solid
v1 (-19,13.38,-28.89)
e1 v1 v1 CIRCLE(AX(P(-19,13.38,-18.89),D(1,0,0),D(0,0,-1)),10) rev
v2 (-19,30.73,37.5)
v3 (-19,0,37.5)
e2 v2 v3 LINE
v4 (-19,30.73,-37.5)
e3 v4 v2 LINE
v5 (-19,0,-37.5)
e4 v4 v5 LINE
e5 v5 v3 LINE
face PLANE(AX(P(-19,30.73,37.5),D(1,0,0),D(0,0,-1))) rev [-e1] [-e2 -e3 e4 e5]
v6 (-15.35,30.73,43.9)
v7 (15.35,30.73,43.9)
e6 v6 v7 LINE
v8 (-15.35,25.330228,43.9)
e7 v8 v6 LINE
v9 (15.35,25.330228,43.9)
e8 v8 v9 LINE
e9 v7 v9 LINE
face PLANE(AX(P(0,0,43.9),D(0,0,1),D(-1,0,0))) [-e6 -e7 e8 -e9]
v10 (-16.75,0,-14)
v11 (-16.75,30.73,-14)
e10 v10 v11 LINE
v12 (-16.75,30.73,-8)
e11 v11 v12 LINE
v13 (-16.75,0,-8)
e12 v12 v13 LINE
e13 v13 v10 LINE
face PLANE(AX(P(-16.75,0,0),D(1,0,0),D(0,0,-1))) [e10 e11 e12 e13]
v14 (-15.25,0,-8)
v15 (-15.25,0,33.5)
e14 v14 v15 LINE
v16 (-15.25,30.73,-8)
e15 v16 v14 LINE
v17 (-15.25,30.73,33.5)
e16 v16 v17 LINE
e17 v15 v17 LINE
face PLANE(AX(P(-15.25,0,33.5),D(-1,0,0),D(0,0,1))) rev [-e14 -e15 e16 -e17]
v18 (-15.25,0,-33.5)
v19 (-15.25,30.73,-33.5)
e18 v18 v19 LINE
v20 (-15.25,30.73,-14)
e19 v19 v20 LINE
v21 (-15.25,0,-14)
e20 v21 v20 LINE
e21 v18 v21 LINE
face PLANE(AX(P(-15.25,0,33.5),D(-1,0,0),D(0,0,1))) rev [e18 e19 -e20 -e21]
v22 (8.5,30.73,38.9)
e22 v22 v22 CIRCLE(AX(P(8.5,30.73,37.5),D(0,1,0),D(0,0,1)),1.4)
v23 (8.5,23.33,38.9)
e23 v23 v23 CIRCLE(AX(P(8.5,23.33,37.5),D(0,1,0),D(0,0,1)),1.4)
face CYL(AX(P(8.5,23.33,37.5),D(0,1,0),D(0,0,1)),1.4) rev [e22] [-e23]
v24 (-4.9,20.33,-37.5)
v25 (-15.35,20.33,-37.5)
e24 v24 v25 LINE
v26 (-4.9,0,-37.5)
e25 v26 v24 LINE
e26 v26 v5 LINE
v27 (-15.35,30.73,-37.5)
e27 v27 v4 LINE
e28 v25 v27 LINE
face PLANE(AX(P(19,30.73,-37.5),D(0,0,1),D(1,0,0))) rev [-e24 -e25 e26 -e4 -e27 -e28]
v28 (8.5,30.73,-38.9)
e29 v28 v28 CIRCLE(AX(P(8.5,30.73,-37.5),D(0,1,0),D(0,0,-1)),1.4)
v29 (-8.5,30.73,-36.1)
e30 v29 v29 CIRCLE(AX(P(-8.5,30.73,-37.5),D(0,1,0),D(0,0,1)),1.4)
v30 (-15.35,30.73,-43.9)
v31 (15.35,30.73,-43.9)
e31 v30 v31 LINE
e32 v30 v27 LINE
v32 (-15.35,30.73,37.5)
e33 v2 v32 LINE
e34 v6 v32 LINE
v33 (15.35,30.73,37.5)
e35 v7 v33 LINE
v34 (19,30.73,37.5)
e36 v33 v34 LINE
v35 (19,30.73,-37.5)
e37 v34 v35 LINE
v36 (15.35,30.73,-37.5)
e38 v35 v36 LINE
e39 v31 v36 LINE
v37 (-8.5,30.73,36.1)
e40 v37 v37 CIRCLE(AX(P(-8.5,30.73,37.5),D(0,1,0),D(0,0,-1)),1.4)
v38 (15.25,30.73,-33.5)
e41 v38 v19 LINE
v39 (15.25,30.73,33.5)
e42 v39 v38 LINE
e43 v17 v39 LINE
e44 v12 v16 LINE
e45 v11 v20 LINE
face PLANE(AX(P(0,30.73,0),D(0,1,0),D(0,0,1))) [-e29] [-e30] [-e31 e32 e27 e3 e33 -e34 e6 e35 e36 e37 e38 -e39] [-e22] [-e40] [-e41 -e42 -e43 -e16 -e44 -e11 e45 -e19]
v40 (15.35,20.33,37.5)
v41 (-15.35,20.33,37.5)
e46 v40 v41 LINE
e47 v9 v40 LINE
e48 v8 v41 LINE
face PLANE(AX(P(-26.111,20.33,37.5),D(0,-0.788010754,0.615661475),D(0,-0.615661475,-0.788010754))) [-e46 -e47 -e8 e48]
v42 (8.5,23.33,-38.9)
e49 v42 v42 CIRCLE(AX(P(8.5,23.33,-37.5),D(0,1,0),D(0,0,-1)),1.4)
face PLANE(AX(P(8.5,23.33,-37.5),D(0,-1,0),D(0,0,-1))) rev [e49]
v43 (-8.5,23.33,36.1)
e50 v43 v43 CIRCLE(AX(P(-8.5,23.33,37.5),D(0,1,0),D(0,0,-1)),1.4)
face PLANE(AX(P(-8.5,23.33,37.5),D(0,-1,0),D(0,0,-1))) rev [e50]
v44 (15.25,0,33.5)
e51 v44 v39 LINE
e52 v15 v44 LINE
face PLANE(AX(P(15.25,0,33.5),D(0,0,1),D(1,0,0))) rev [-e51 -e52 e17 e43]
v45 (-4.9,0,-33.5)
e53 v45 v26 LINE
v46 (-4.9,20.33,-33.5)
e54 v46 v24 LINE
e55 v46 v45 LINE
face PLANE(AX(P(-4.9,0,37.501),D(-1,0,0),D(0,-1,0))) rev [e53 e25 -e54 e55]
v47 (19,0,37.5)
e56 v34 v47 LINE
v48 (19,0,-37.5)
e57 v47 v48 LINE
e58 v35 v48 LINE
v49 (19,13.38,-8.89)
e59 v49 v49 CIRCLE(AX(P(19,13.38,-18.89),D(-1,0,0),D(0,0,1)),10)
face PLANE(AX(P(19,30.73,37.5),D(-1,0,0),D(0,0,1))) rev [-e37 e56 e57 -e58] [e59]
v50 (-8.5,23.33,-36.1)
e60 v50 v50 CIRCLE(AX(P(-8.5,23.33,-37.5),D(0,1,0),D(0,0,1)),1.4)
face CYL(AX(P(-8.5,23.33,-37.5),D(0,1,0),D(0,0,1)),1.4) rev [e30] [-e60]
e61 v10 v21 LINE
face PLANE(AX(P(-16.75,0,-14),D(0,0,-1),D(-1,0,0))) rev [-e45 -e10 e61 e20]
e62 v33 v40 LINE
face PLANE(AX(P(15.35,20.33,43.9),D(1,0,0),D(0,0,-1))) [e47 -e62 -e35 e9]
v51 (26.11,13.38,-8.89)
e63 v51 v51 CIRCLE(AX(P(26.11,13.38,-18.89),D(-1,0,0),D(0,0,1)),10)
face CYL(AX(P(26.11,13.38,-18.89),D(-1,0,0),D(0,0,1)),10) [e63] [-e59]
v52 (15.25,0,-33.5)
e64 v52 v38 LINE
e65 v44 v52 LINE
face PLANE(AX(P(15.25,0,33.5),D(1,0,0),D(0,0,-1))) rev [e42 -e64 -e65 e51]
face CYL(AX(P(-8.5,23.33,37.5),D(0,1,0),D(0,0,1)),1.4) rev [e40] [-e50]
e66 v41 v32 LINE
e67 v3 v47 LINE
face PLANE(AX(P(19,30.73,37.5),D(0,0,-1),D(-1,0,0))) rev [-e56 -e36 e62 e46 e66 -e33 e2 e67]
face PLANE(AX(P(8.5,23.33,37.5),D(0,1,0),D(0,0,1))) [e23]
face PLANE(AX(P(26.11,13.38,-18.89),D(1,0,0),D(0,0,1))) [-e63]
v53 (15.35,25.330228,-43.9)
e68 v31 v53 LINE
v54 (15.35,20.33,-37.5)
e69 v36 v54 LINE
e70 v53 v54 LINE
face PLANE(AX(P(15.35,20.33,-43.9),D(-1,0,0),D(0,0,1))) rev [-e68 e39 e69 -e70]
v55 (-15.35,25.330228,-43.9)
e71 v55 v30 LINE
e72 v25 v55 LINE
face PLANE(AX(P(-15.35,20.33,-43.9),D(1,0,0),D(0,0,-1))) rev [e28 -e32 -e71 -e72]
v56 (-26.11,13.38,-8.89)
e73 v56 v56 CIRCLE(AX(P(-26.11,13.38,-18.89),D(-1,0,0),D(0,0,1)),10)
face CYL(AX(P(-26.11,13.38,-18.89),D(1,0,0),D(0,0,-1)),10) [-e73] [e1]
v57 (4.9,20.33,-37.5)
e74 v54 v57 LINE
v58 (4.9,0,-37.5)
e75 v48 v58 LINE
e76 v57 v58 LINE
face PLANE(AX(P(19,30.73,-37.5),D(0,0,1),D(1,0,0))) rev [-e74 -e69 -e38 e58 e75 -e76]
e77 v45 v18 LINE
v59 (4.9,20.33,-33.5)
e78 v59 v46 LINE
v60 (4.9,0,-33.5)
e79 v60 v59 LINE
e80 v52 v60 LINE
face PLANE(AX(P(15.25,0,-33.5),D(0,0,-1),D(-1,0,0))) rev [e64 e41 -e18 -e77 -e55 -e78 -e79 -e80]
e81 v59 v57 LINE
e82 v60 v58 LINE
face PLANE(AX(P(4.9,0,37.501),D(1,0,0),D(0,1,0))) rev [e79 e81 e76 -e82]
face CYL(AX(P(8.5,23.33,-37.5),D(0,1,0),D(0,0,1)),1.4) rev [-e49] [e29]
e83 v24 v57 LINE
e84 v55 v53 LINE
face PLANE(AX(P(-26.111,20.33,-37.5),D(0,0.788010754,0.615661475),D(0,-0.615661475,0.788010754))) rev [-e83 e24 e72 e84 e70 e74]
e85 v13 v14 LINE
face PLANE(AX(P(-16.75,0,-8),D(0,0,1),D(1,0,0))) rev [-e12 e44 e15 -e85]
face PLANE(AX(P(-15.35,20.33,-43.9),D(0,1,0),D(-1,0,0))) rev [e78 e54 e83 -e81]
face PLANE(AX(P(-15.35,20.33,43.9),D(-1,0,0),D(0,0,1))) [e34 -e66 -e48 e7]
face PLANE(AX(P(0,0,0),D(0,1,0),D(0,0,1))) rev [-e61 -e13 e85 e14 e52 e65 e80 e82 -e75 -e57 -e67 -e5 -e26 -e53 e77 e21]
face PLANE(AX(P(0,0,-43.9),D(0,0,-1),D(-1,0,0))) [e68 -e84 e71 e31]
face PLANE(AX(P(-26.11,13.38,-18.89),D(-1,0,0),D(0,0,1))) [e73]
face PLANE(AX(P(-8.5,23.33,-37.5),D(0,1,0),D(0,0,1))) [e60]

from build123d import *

# Parameters (mm, degrees)
SKETCH_1_W          = 38
SKETCH_1_H          = 75
EXTRUDE_1_DEPTH     = 30.73
SKETCH_2_R          = 10
EXTRUDE_2_DEPTH     = 7.11
SKETCH_3_W          = 30.7
SKETCH_3_H          = 10.4
EXTRUDE_3_DEPTH     = 6.4
SKETCH_5_W          = 30.5
SKETCH_5_H          = 67
CUT_EXTRUDE_1_DEPTH = 60.609353293
CUT_EXTRUDE_2_REACH = 87.153
SKETCH_6_W          = 9.8
SKETCH_6_H          = 20.33
CUT_EXTRUDE_3_REACH = 69.753
SKETCH_8_R          = 1.4
CUT_EXTRUDE_4_DEPTH = 7.4
SKETCH_10_W         = 6
SKETCH_10_H         = 30.73
CUT_EXTRUDE_5_DEPTH = 1.5


with BuildPart() as part:
    # 草图1 → 凸台-拉伸1 (new body)
    with BuildSketch(Plane(origin=(0, 0, 0), x_dir=(1, 0, 0), z_dir=(0, 1, 0))):
        Rectangle(SKETCH_1_W, SKETCH_1_H)
    extrude(amount=EXTRUDE_1_DEPTH)

    # 草图2 → 凸台-拉伸2 (add)
    with BuildSketch(Plane.ZY.offset(19)):
        with Locations(Location((-18.89, 13.38, 0), (0, 0, 180))):
            Circle(SKETCH_2_R)
    extrude_2 = extrude(amount=EXTRUDE_2_DEPTH)

    # 草图3 → 凸台-拉伸3 (add)
    with BuildSketch(Plane(origin=(0, 0, -37.5), x_dir=(-1, 0, 0), z_dir=(0, 0, -1))):
        with Locations((0, 25.53)):
            Rectangle(SKETCH_3_W, SKETCH_3_H)
    extrude_3 = extrude(amount=EXTRUDE_3_DEPTH)

    # 草图5 → 切除-拉伸1 (cut, through all)
    with BuildSketch(Plane(origin=(0, 30.73, 0), x_dir=(1, 0, 0), z_dir=(0, 1, 0))):
        Rectangle(SKETCH_5_W, SKETCH_5_H)
    extrude(amount=-CUT_EXTRUDE_1_DEPTH, mode=Mode.SUBTRACT)

    # 镜向2: 凸台-拉伸2 across plane
    add(extrude_2.mirror(Plane(origin=(0, 0, 0), x_dir=(0, 0, 1), z_dir=(1, 0, 0))))

    # 草图6 → 切除-拉伸2 (cut, up to next)
    with BuildSketch(Plane(origin=(0, 0, -37.5), x_dir=(-1, 0, 0), z_dir=(0, 0, -1)), mode=Mode.PRIVATE) as cut_extrude_2_sk1:
        with Locations((0, 10.165)):
            Rectangle(SKETCH_6_W, SKETCH_6_H)
    cut_extrude_2_tool1 = extrude(cut_extrude_2_sk1.sketch, amount=-CUT_EXTRUDE_2_REACH, mode=Mode.PRIVATE) & part.part
    add(cut_extrude_2_tool1.solids().sort_by_distance((0, 10.165, -37.5))[0], mode=Mode.SUBTRACT)

    # 草图7 → 切除-拉伸3 (cut, up to next)
    with BuildSketch(Plane(origin=(15.35, 0, 0), x_dir=(0, 0, -1), z_dir=(1, 0, 0)), mode=Mode.PRIVATE) as cut_extrude_3_sk1:
        Polygon((37.5, 20.33), (43.9, 25.33022801), (43.9, 20.33), align=None)
    cut_extrude_3_tool1 = extrude(cut_extrude_3_sk1.sketch, amount=-CUT_EXTRUDE_3_REACH, mode=Mode.PRIVATE) & part.part
    cut_extrude_3 = cut_extrude_3_tool1.solids().sort_by_distance((15.35, 21.996743, -41.766667))[0]
    add(cut_extrude_3, mode=Mode.SUBTRACT)

    # 镜向4: 凸台-拉伸3, 切除-拉伸3 across plane
    add(extrude_3.mirror(Plane.XY))
    add(cut_extrude_3.mirror(Plane.XY), mode=Mode.SUBTRACT)

    # 草图8 → 切除-拉伸4 (cut)
    with BuildSketch(Plane(origin=(0, 30.73, 0), x_dir=(1, 0, 0), z_dir=(0, 1, 0))):
        with Locations(Location((-8.5, 37.5, 0), (0, 0, 270))):
            Circle(SKETCH_8_R)
        with Locations(Location((8.5, 37.5, 0), (0, 0, 90))):
            Circle(SKETCH_8_R)
        with Locations(Location((8.5, -37.5, 0), (0, 0, 270))):
            Circle(SKETCH_8_R)
        with Locations(Location((-8.5, -37.5, 0), (0, 0, 90))):
            Circle(SKETCH_8_R)
    extrude(amount=-CUT_EXTRUDE_4_DEPTH, mode=Mode.SUBTRACT)

    # 草图10 → 切除-拉伸5 (cut)
    with BuildSketch(Plane(origin=(-15.25, 0, 0), x_dir=(0, 0, -1), z_dir=(1, 0, 0))):
        with Locations((11, 15.365)):
            Rectangle(SKETCH_10_W, SKETCH_10_H)
    extrude(amount=-CUT_EXTRUDE_5_DEPTH, mode=Mode.SUBTRACT)


solid = part.part
